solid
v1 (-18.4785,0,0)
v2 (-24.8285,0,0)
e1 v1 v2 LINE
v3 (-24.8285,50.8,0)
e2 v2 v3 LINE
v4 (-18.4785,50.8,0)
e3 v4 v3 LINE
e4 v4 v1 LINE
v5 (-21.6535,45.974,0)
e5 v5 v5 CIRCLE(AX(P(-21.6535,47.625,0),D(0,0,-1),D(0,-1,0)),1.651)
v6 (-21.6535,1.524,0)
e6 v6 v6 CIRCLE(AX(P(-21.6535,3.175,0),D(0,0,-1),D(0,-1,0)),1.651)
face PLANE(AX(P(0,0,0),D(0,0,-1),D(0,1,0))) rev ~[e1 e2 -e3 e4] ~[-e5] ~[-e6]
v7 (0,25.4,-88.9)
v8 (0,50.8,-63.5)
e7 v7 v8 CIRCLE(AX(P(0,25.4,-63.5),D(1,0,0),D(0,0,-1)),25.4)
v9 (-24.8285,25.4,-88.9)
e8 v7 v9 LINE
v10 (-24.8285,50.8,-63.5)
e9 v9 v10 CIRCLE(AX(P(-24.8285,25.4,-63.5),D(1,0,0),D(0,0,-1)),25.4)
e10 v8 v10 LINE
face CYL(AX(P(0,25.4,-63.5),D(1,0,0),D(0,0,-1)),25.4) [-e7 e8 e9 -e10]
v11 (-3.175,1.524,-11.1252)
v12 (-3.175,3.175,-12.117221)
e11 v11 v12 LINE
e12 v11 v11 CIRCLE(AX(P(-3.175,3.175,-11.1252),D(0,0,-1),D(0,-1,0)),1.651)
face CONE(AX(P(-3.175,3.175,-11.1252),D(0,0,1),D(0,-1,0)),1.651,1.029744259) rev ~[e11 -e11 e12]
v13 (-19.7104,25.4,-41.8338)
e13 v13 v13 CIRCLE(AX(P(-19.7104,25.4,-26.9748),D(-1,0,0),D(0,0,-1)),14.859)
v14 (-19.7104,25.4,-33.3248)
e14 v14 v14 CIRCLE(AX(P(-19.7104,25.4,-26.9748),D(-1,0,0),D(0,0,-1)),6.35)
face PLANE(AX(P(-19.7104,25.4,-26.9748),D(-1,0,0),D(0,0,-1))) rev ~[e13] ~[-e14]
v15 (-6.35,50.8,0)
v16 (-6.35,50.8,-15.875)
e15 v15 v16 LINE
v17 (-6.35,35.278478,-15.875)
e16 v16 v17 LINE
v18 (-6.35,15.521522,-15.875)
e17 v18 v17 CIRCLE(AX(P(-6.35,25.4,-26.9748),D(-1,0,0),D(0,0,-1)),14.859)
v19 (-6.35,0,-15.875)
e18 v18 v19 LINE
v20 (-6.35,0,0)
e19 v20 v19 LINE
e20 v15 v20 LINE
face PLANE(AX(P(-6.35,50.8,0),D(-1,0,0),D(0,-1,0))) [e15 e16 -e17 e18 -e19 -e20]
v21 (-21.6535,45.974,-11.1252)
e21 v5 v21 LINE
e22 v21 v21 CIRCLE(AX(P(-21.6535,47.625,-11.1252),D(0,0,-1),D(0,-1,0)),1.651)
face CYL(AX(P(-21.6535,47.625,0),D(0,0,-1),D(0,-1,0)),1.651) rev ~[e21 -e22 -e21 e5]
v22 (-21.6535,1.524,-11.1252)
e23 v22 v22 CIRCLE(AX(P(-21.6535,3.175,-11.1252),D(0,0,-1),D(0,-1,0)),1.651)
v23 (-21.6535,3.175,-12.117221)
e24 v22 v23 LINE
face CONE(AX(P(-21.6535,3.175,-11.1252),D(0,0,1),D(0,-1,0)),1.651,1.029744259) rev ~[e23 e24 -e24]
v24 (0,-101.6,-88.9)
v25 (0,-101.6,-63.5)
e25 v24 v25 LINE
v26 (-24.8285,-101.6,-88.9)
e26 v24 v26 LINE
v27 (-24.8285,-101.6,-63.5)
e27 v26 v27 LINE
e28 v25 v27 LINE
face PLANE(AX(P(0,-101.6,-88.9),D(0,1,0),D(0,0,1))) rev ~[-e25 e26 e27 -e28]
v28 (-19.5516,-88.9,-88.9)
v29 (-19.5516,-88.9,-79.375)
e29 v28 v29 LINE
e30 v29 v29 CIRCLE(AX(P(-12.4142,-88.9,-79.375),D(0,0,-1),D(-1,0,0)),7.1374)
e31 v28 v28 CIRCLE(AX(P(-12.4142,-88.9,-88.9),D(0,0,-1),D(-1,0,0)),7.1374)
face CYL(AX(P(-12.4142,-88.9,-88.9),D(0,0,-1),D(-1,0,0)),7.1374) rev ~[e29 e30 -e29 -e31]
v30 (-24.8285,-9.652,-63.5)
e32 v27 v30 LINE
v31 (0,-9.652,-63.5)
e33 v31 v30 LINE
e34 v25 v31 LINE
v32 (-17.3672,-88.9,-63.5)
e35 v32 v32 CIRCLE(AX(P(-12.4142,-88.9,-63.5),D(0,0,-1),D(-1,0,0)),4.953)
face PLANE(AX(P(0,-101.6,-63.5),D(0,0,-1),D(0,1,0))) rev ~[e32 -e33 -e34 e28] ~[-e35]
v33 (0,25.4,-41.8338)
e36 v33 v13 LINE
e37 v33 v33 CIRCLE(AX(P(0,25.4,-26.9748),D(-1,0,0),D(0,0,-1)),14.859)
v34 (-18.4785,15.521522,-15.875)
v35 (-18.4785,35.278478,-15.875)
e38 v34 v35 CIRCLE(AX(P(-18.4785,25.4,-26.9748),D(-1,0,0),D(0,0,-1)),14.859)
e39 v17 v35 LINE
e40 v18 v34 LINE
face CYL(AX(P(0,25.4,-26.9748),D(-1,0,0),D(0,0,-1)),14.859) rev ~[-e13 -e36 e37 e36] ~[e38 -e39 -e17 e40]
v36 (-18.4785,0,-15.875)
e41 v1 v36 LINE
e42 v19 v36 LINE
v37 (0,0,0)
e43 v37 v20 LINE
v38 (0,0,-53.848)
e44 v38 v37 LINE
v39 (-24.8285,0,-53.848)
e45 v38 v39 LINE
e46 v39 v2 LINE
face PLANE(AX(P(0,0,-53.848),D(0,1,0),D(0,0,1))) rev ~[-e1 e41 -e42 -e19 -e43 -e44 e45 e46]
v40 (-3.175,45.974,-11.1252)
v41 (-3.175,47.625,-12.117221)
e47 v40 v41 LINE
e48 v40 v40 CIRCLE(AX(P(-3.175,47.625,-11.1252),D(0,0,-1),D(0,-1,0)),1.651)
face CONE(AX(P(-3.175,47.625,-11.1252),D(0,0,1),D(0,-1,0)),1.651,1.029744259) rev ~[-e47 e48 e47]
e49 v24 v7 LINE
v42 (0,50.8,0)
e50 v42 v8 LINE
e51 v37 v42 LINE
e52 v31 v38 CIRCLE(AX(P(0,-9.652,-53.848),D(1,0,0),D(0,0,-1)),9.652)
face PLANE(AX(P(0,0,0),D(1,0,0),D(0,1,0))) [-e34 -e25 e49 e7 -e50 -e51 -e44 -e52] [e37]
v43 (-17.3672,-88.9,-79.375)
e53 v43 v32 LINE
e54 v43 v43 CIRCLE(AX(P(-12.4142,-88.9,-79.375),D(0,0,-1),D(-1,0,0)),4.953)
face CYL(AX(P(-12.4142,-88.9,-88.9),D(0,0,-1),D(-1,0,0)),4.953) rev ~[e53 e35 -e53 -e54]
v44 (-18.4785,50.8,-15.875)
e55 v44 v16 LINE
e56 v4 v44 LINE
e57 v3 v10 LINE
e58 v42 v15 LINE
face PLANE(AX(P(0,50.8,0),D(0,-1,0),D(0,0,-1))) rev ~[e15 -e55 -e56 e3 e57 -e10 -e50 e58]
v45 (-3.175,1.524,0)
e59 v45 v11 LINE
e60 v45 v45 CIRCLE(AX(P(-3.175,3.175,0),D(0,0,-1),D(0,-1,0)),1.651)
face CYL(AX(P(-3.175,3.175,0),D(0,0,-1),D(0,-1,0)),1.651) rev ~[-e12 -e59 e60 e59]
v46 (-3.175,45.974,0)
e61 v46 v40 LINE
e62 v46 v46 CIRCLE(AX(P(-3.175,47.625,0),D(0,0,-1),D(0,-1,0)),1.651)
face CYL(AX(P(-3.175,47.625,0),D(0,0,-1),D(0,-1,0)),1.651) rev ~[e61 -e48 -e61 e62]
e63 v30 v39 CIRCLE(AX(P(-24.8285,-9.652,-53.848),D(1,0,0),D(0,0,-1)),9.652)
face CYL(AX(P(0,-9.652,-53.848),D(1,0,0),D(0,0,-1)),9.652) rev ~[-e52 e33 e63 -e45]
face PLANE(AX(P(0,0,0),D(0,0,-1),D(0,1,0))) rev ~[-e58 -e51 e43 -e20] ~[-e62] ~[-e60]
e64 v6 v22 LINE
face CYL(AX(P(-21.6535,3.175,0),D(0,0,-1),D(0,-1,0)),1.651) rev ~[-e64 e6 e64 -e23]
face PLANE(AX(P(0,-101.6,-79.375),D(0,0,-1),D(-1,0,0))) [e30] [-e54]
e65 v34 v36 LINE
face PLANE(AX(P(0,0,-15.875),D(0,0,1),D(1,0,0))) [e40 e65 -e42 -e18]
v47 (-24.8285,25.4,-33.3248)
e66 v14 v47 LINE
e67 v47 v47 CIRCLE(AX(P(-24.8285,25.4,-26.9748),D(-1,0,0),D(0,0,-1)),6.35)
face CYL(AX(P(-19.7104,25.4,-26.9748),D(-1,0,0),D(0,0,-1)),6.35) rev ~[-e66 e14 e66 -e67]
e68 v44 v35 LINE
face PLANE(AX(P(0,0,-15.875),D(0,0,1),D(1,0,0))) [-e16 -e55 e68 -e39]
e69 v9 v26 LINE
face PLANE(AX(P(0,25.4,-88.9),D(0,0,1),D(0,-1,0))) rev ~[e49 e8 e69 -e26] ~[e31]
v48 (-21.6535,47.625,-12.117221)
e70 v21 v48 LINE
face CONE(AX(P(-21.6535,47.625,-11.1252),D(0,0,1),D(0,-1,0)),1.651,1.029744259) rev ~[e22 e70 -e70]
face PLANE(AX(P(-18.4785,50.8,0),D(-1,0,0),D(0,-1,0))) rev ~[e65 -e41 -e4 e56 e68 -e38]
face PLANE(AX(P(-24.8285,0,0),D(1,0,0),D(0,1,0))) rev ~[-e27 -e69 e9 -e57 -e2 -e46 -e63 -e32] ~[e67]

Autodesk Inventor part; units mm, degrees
ref_plane "YZ Plane" through (0, 0, 0) normal (1, 0, 0) x (0, 1, 0)
ref_plane "XZ Plane" through (0, 0, 0) normal (0, 1, 0) x (-1, 0, 0)
ref_plane "XY Plane" through (0, 0, 0) normal (0, 0, 1) x (1, 0, 0)
sketch "Sketch1" plane through (0, 0, 0) normal (1, 0, 0) x (0, 1, 0)
  line L0 (0, -112.9926) -> (0, 18.8321) projected
  line L1 (-133.1321, 0) -> (87.5926, 0) projected
  line L2 (0, 0) -> (50.8, 0)
  line L3 (50.8, 0) -> (50.8, -63.5)
  line L4 (25.4, -88.9) -> (-101.6, -88.9)
  line L5 (-101.6, -88.9) -> (-101.6, -63.5)
  line L6 (-101.6, -63.5) -> (-9.652, -63.5)
  line L7 (0, 0) -> (0, -53.848)
  arc A0 (25.4, -88.9) -> (50.8, -63.5) centre (25.4, -63.5) ccw
  arc A1 (-9.652, -63.5) -> (0, -53.848) centre (-9.652, -53.848) ccw
  point P0 (50.8, -88.9)
  point P1 (0, -63.5)
  dimension "d0" = 50.8
  dimension "d1" = 88.9
  dimension "d2" = 152.4
  dimension "d3" = 25.4
  dimension "d4" = 25.4
  dimension "d5" = 9.652
extrude "Extrusion1" add sketch "Sketch1" against normal blind 24.8285
sketch "Sketch6" plane through (0, -101.6, -88.9) normal (0, 0, -1) x (-1, 0, 0)
  circle A0 centre (12.4142, 12.7) radius 4.953
  line L0 (0, 0) -> (24.8285, 0) projected
  point P0 (0, 101.6)
  point P1 (12.4142, 0)
  dimension "d16" = 9.906
  dimension "d17" = 12.7
extrude "Extrusion4" cut sketch "Sketch6" against normal through all
sketch "Sketch7" plane through (0, -101.6, -88.9) normal (0, 0, -1) x (-1, 0, 0)
  circle A0 centre (12.4142, 12.7) radius 7.1374
  circle A1 centre (12.4142, 12.7) radius 4.953 projected
  point P0 (0, 101.6)
  dimension "d20" = 14.2748
extrude "Extrusion5" cut sketch "Sketch7" against normal blind 9.525
sketch "Sketch8" plane through (0, 0, 0) normal (0, 0, 1) x (1, 0, 0)
  line L0 (0, 0) -> (-24.8285, 0) projected
  line L1 (-6.35, 50.8) -> (-6.35, 0)
  line L2 (-18.4785, 50.8) -> (-18.4785, 0)
  line L3 (0, 25.4) -> (0, 50.8) projected
  line L4 (-6.35, 50.8) -> (0, 50.8)
  line L5 (0, 0) -> (0, -9.652) projected
  line L6 (0, 50.8) -> (0, 0)
  line L7 (0, 0) -> (-6.35, 0)
  line L8 (-24.8285, 50.8) -> (-18.4785, 50.8)
  line L9 (-24.8285, 0) -> (-18.4785, 0)
  line L10 (-24.8285, 0) -> (-24.8285, 50.8) projected
  line L11 (-18.4785, 50.8) -> (-6.35, 50.8)
  line L12 (0, 50.8) -> (-24.8285, 50.8) projected
  line L13 (-18.4785, 0) -> (-6.35, 0)
  line L14 (0, 0) -> (-24.8285, 0) projected
  dimension "d23" = 6.35
  dimension "d24" = 6.35
extrude "Extrusion6" cut sketch "Sketch8" against normal blind 15.875 contours L0 L2 L11 L1
sketch "Sketch9" plane through (-24.8285, 0, 0) normal (0, 0, 1) x (1, 0, 0)
  line L0 (6.35, 50.8) -> (0, 50.8) projected
  line L1 (24.8285, 50.8) -> (18.4785, 50.8) projected
  line L2 (24.8285, 0) -> (18.4785, 0) projected
  line L3 (6.35, 0) -> (0, 0) projected
  point P0 (3.175, 47.625)
  point P1 (21.6535, 47.625)
  point P2 (21.6535, 3.175)
  point P3 (3.175, 3.175)
  point P4 (3.175, 50.8)
  point P5 (21.6535, 50.8)
  point P6 (21.6535, 0)
  dimension "d27" = 3.175
  dimension "d28" = 3.175
hole "Hole1" at (-21.6535, 47.625, 0) at (-3.175, 47.625, 0) at (-3.175, 3.175, 0) at (-21.6535, 3.175, 0) direction (0, 0, -1) diameter 3.302 depth 11.1252 tip angle 118 thread size "8-32 UNC" class "2B" standard "ANSI Unified Screw Threads"
sketch "Sketch10" plane through (0, 0, 0) normal (1, 0, 0) x (0, 0, -1)
  line L0 (0, 50.8) -> (0, 0) projected
  point P0 (26.9748, 25.4)
  point P1 (0, 25.4)
  dimension "d36" = 26.9748
hole "Hole2" at (0, 25.4, -26.9748) direction (-1, 0, 0) diameter 12.7 end through all counterbore diameter 29.718 counterbore depth 19.7104
properties part number "Ch7(5) Part 13 Column"
